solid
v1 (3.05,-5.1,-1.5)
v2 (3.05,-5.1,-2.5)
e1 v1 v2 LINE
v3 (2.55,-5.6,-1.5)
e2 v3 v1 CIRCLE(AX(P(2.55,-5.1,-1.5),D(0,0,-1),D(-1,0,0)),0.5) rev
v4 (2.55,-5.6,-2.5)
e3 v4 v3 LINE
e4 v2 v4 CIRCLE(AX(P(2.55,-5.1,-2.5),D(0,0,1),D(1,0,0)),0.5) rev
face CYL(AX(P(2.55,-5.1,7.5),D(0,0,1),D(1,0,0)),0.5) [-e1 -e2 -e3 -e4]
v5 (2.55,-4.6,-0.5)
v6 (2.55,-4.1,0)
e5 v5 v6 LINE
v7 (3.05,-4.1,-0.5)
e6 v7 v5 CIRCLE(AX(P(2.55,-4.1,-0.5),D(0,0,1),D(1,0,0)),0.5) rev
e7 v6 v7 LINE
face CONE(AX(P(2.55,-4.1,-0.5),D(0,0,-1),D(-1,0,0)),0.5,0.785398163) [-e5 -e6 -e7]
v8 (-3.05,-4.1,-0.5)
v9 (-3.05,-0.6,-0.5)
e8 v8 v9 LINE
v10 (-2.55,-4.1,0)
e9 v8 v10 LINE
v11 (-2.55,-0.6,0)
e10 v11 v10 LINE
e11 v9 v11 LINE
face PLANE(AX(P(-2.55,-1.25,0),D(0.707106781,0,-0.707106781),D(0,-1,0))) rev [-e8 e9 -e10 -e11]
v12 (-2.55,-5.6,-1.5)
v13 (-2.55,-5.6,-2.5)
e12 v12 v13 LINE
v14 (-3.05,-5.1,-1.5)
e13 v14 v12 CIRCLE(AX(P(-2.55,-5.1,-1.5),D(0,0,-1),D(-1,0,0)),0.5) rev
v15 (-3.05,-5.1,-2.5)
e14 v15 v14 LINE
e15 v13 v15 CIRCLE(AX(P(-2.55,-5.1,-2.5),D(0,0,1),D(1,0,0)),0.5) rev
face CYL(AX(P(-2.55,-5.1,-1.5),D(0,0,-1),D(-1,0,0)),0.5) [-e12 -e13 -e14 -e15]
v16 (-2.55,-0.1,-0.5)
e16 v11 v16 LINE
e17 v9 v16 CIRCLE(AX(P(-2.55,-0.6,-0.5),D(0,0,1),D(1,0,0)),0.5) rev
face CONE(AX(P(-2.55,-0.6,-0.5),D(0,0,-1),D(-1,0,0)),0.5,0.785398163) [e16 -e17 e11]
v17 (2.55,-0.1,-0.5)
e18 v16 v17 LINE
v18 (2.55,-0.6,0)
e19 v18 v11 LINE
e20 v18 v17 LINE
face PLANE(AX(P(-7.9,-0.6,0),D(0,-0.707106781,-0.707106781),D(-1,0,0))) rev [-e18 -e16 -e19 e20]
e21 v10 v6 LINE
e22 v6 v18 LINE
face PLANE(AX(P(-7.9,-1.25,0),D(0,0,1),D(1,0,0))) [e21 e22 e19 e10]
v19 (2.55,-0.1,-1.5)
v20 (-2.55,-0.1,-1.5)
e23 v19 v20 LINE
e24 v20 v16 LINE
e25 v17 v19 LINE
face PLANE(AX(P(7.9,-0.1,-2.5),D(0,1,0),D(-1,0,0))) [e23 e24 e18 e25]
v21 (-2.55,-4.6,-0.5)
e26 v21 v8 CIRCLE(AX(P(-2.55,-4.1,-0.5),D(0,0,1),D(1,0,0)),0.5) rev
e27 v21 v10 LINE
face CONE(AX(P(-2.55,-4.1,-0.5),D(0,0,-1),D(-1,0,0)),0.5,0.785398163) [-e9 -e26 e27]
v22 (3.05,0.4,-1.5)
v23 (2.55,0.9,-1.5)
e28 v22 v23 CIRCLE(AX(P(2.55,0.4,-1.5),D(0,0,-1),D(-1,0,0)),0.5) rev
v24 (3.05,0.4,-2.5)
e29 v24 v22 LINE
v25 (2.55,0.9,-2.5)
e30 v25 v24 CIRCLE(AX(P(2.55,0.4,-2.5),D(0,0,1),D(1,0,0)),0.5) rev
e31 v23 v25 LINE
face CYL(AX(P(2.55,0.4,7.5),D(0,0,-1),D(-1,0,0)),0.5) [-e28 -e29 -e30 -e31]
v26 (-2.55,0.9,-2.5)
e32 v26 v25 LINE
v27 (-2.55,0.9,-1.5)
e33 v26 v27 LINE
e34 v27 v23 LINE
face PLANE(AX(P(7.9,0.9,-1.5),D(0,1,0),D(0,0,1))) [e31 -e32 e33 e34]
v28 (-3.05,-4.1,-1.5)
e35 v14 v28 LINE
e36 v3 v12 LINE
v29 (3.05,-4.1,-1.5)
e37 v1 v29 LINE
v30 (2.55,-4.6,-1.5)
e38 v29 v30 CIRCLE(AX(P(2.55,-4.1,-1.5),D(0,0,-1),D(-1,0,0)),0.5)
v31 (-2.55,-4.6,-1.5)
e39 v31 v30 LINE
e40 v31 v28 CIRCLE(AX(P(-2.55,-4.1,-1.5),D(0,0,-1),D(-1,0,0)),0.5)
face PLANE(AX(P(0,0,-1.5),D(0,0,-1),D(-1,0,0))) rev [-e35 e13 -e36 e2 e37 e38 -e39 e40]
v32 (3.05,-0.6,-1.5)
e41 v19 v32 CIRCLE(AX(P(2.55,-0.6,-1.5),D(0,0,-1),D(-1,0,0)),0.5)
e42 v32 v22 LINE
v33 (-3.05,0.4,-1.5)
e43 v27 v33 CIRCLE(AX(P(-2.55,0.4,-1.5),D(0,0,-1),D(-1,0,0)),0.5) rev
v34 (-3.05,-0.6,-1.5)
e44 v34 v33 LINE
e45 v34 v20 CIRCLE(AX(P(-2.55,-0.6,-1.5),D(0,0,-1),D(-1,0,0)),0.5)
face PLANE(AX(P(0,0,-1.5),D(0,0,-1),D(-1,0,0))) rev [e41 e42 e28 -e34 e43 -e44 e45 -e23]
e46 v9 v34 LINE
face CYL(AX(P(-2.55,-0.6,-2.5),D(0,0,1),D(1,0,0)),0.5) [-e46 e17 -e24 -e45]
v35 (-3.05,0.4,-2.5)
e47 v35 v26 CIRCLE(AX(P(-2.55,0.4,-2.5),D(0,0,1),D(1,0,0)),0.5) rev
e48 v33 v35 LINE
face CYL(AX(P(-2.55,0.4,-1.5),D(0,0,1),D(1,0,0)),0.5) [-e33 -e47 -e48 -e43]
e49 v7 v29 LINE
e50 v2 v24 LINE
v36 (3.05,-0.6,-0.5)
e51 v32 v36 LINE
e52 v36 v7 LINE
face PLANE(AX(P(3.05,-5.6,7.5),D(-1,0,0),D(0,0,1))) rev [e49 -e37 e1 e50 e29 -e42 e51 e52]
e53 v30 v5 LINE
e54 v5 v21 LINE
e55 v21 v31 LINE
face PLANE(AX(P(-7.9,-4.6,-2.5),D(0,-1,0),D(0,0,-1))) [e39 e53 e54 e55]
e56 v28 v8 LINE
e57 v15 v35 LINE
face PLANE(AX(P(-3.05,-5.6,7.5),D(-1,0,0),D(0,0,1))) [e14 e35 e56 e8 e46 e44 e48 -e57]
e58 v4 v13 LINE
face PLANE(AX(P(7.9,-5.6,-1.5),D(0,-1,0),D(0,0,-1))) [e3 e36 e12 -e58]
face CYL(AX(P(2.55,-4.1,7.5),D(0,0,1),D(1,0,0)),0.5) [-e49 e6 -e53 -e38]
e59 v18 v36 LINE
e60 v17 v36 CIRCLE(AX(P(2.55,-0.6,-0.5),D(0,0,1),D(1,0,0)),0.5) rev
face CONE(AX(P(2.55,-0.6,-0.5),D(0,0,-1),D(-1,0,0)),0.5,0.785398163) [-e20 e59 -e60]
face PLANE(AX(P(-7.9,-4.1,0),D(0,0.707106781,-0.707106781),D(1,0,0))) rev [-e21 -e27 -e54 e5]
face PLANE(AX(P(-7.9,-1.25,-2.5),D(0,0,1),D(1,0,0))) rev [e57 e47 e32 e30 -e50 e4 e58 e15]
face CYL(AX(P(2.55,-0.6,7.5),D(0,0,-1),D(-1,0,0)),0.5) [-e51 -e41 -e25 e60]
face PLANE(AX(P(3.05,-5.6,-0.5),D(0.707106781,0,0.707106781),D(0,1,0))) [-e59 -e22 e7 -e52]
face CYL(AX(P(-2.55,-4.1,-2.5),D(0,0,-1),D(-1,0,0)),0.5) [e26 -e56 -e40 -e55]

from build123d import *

# Parameters (mm, degrees)
EXTRUDE_1_DEPTH     = 2.5
SKETCH_2_W          = 15.8
SKETCH_2_H          = 6.5
EXTRUDE_2_DEPTH     = 1
FILLET_1_R          = 0.5
CUT_EXTRUDE_1_DEPTH = 12.419391402
SKETCH_4_W          = 21.55935693
SKETCH_4_H          = 12.890776674
SKETCH_4_W_2        = 6.1
SKETCH_4_H_2        = 6.5
CUT_EXTRUDE_2_DEPTH = 10
FILLET_2_R          = 0.5
CHAMFER_1_SIZE      = 0.5


with BuildPart() as part:
    # 草图1 → 凸台-拉伸1 (new body)
    with BuildSketch(Plane.XY):
        with BuildLine():
            Line((-9.05, -1.25), (-9.05, -3.45))
            ThreePointArc((-9.05, -3.45), (-8.713172798, -4.263172798), (-7.9, -4.6))
            Line((-7.9, -4.6), (7.9, -4.6))
            ThreePointArc((7.9, -4.6), (8.713172798, -4.263172798), (9.05, -3.45))
            Line((9.05, -3.45), (9.05, -1.25))
            ThreePointArc((9.05, -1.25), (8.713172798, -0.436827202), (7.9, -0.1))
            Line((7.9, -0.1), (-7.9, -0.1))
            ThreePointArc((-7.9, -0.1), (-8.713172798, -0.436827202), (-9.05, -1.25))
        make_face()
    extrude(amount=-EXTRUDE_1_DEPTH)

    # 草图2 → 凸台-拉伸2 (add)
    with BuildSketch(Plane(origin=(0, 0, -2.5), x_dir=(-1, 0, 0), z_dir=(0, 0, -1))):
        with Locations((0, -2.35)):
            Rectangle(SKETCH_2_W, SKETCH_2_H)
    extrude(amount=-EXTRUDE_2_DEPTH)

    # 圆角1
    fillet_1_edges = [part.edges().sort_by_distance(p)[0] for p in [
        (-7.9, 0.9, -2),
        (-7.9, -5.6, -2),
        (7.9, -5.6, -2),
        (7.9, 0.9, -2),
    ]]
    fillet(fillet_1_edges, radius=FILLET_1_R)

    # 草图3 → 切除-拉伸1 (cut, through all)
    with BuildSketch(Plane(origin=(0, 0.9, 0), x_dir=(1, 0, 0), z_dir=(0, 1, 0))):
        Polygon((8.475, 2.5), (9.05, 1.925), (9.05, 2.5), align=None)
        Polygon((-9.05, 1.925), (-9.05, 2.5), (-8.475, 2.5), align=None)
    extrude(amount=-CUT_EXTRUDE_1_DEPTH, mode=Mode.SUBTRACT)

    # 草图4 → 切除-拉伸2 (cut)
    with BuildSketch(Plane(origin=(0, 0, -2.5), x_dir=(-1, 0, 0), z_dir=(0, 0, -1))):
        with Locations((0, -2.35)):
            Rectangle(SKETCH_4_W, SKETCH_4_H)
        with Locations((0, -2.35)):
            Rectangle(SKETCH_4_W_2, SKETCH_4_H_2, mode=Mode.SUBTRACT)
    extrude(amount=-CUT_EXTRUDE_2_DEPTH, mode=Mode.SUBTRACT)

    # 圆角2
    fillet_2_edges = [part.edges().sort_by_distance(p)[0] for p in [
        (3.05, 0.9, -2),
        (-3.05, 0.9, -2),
        (3.05, -5.6, -2),
        (-3.05, -5.6, -2),
        (-3.05, -0.1, -0.75),
        (-3.05, -4.6, -0.75),
        (3.05, -0.1, -0.75),
        (3.05, -4.6, -0.75),
    ]]
    fillet(fillet_2_edges, radius=FILLET_2_R)

    # 倒角1
    chamfer_1_edges = [part.edges().sort_by_distance(p)[0] for p in [
        (0, -4.6, 0),
        (-3.05, -2.35, 0),
        (0, -0.1, 0),
        (3.05, -2.35, 0),
        (2.903553391, -0.246446609, 0),
        (-2.903553391, -0.246446609, 0),
        (2.903553391, -4.453553391, 0),
        (-2.903553391, -4.453553391, 0),
    ]]
    chamfer(chamfer_1_edges, length=CHAMFER_1_SIZE)


solid = part.part
